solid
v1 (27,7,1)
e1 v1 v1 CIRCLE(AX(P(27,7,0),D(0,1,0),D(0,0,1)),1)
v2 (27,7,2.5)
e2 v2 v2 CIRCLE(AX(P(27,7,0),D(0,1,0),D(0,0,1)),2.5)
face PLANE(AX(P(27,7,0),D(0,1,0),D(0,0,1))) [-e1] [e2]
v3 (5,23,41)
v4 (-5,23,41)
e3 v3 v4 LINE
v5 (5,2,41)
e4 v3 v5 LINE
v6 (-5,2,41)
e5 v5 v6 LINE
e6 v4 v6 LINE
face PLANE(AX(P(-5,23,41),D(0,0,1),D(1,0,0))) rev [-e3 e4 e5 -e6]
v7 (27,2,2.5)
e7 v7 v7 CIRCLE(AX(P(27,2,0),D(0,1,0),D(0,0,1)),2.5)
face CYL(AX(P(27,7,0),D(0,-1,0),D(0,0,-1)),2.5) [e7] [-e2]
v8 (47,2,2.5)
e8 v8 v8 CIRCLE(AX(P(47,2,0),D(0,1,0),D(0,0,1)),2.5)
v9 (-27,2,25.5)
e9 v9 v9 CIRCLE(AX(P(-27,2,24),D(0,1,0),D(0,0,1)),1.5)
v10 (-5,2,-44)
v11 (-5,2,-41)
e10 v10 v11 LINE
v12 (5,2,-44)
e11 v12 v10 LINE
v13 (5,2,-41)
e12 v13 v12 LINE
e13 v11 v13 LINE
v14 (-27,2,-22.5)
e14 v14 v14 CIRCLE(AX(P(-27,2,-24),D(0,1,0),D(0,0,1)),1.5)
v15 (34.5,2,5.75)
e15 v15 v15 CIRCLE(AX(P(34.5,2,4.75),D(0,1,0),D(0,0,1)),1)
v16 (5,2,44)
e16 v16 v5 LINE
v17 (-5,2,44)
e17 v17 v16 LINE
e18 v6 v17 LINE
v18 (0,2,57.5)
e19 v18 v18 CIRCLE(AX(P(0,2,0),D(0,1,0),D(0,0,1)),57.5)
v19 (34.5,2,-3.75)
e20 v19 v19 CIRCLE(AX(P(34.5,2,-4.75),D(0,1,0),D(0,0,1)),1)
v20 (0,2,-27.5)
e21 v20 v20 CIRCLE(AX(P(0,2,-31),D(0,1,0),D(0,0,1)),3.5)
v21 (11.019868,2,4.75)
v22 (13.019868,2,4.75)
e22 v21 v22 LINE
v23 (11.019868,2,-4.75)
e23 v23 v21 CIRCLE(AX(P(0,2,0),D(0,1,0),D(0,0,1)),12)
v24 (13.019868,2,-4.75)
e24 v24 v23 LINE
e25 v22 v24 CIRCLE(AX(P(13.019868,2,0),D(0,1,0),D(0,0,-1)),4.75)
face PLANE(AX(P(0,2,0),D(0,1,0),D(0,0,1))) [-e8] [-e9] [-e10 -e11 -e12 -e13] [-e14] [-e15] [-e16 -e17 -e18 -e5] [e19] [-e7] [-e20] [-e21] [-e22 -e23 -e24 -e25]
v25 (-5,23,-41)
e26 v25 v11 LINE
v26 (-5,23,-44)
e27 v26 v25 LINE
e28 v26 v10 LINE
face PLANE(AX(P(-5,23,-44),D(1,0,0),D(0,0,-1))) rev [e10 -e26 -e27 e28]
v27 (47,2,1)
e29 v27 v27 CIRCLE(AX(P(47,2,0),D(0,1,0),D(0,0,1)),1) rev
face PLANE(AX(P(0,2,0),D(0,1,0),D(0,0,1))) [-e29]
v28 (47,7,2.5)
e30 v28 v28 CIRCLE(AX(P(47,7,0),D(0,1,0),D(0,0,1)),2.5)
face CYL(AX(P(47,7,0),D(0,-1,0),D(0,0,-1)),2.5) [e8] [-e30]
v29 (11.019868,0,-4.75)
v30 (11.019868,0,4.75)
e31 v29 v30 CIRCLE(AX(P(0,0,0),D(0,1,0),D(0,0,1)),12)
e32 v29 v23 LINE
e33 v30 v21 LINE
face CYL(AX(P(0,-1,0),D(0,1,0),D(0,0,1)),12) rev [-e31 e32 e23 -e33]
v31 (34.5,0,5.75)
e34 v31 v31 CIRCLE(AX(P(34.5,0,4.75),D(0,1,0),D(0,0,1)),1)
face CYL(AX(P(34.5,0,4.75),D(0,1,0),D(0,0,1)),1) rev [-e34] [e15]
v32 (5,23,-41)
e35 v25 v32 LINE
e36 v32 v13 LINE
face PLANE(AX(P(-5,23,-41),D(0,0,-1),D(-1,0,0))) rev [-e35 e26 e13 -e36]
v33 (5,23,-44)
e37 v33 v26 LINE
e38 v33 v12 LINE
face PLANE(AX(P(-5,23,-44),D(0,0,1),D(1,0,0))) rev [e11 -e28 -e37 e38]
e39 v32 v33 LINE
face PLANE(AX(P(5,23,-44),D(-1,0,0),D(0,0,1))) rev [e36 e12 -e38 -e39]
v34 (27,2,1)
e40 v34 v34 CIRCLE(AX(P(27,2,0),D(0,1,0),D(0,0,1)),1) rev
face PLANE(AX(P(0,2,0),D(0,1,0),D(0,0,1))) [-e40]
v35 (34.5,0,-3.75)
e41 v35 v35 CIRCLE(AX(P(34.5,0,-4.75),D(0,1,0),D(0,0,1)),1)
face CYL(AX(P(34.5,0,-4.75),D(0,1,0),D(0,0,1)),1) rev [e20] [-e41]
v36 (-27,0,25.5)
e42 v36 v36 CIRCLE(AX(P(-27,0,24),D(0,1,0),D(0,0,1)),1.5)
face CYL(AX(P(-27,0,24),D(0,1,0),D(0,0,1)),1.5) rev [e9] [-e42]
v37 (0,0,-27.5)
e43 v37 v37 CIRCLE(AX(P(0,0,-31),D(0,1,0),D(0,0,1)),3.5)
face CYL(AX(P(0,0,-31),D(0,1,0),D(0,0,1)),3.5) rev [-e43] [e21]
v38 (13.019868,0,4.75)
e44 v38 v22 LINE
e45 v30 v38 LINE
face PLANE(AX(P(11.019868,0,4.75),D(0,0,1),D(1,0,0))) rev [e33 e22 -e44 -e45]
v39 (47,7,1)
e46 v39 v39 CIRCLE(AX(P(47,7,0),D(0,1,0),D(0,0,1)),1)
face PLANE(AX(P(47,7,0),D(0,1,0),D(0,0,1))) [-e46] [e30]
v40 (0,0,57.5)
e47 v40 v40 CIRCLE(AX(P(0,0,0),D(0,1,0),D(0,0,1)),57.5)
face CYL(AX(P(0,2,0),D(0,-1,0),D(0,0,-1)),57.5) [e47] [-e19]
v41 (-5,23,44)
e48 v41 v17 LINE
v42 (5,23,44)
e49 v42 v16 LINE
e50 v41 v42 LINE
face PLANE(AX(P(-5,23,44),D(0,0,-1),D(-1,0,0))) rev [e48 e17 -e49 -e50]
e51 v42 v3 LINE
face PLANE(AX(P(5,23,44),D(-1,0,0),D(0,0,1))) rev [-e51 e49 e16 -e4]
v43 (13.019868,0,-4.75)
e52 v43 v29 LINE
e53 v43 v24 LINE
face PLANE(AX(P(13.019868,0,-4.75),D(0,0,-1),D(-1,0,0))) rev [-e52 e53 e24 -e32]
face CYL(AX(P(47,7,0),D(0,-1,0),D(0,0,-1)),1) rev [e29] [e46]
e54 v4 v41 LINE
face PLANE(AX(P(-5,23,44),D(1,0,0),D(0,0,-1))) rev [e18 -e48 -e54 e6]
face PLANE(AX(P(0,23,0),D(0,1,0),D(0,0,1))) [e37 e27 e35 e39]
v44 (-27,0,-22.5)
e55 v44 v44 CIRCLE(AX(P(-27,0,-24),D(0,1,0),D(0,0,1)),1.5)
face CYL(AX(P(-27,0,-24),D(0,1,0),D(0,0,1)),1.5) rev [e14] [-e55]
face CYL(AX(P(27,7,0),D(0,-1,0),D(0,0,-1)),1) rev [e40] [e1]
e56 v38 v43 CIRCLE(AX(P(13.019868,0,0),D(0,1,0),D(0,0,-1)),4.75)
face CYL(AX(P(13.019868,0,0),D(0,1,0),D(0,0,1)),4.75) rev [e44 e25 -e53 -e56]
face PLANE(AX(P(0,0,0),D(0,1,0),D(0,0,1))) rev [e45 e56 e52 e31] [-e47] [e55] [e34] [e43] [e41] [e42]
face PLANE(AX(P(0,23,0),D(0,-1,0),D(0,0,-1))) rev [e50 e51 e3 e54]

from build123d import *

# Parameters (mm, degrees)
ESQUISSE1_R                  = 57.5
BOSS_EXTRU_1_DEPTH           = 2
ESQUISSE2_R                  = 12
ENL_V_MAT_EXTRU_1_DEPTH      = 3
ESQUISSE5_W                  = 10
ESQUISSE5_H                  = 3
BOSS_EXTRU_3_DEPTH           = 21
ESQUISSE8_R                  = 2.5
ESQUISSE8_R_2                = 1
BOSS_EXTRU_4_DEPTH           = 5
ESQUISSE11_R                 = 3.5
ENL_V_MAT_EXTRU_7_DEPTH      = 84.985117729
ENL_V_MAT_EXTRU_8_DEPTH      = 84.985117729
ENL_V_MAT_EXTRU_8_DEPTH_BACK = 84.985117729
ESQUISSE12_R                 = 1.5
ESQUISSE14_R                 = 1
ENL_V_MAT_EXTRU_10_DEPTH     = 84.985117729


with BuildPart() as part:
    # Esquisse1 → Boss.-Extru.1 (new body)
    with BuildSketch(Plane(origin=(0, 0, 0), x_dir=(1, 0, 0), z_dir=(0, 1, 0))):
        with Locations(Location((0, 0, 0), (0, 0, 270))):
            Circle(ESQUISSE1_R)
    extrude(amount=BOSS_EXTRU_1_DEPTH)

    # Esquisse2 → Enlèv. mat.-Extru.1 (cut)
    with BuildSketch(Plane(origin=(0, 2, 0), x_dir=(1, 0, 0), z_dir=(0, 1, 0))):
        with Locations(Location((0, 0, 0), (0, 0, 270))):
            Circle(ESQUISSE2_R)
    extrude(amount=-ENL_V_MAT_EXTRU_1_DEPTH, mode=Mode.SUBTRACT)

    # Esquisse5 → Boss.-Extru.3 (add)
    with BuildSketch(Plane(origin=(0, 2, 0), x_dir=(1, 0, 0), z_dir=(0, 1, 0))):
        with Locations((0, -42.5)):
            Rectangle(ESQUISSE5_W, ESQUISSE5_H)
        with Locations((0, 42.5)):
            Rectangle(ESQUISSE5_W, ESQUISSE5_H)
    extrude(amount=BOSS_EXTRU_3_DEPTH)

    # Esquisse8 → Boss.-Extru.4 (add)
    # profile 1 of 2: a face of its own
    with BuildSketch(Plane(origin=(0, 2, 0), x_dir=(1, 0, 0), z_dir=(0, 1, 0))):
        with Locations(Location((27, 0, 0), (0, 0, 270))):
            Circle(ESQUISSE8_R)
        with Locations(Location((27, 0, 0), (0, 0, 270))):
            Circle(ESQUISSE8_R_2, mode=Mode.SUBTRACT)
    # profile 2 of 2: a face of its own
    with BuildSketch(Plane(origin=(0, 2, 0), x_dir=(1, 0, 0), z_dir=(0, 1, 0))):
        with Locations(Location((47, 0, 0), (0, 0, 270))):
            Circle(ESQUISSE8_R)
        with Locations(Location((47, 0, 0), (0, 0, 270))):
            Circle(ESQUISSE8_R_2, mode=Mode.SUBTRACT)
    extrude(amount=BOSS_EXTRU_4_DEPTH)

    # Esquisse11 → Enlèv. mat.-Extru.7 (cut, through all)
    with BuildSketch(Plane(origin=(0, 2, 0), x_dir=(1, 0, 0), z_dir=(0, 1, 0))):
        with Locations(Location((0, 31, 0), (0, 0, 270))):
            Circle(ESQUISSE11_R)
    extrude(amount=-ENL_V_MAT_EXTRU_7_DEPTH, mode=Mode.SUBTRACT)

    # Esquisse12 → Enlèv. mat.-Extru.8 (cut, two sides: drawn at the far end of the back side and taken through both)
    with BuildSketch(Plane(origin=(0, 2, 0), x_dir=(1, 0, 0), z_dir=(0, 1, 0)).offset(-ENL_V_MAT_EXTRU_8_DEPTH_BACK)):
        with Locations(Location((-27, 24, 0), (0, 0, 270))):
            Circle(ESQUISSE12_R)
        with Locations(Location((-27, -24, 0), (0, 0, 270))):
            Circle(ESQUISSE12_R)
    extrude(amount=ENL_V_MAT_EXTRU_8_DEPTH + ENL_V_MAT_EXTRU_8_DEPTH_BACK, mode=Mode.SUBTRACT)

    # Esquisse14 → Enlèv. mat.-Extru.10 (cut, through all)
    with BuildSketch(Plane(origin=(0, 2, 0), x_dir=(1, 0, 0), z_dir=(0, 1, 0))):
        with Locations(Location((34.5, -4.75, 0), (0, 0, 270))):
            Circle(ESQUISSE14_R)
        with Locations(Location((34.5, 4.75, 0), (0, 0, 270))):
            Circle(ESQUISSE14_R)
        with BuildLine():
            Line((11.01986842, -4.75), (13.01986842, -4.75))
            ThreePointArc((13.01986842, -4.75), (17.76986842, 0), (13.01986842, 4.75))
            Line((13.01986842, 4.75), (11.01986842, 4.75))
            Line((11.01986842, 4.75), (11.01986842, -4.75))
        make_face()
    extrude(amount=-ENL_V_MAT_EXTRU_10_DEPTH, mode=Mode.SUBTRACT)


solid = part.part
